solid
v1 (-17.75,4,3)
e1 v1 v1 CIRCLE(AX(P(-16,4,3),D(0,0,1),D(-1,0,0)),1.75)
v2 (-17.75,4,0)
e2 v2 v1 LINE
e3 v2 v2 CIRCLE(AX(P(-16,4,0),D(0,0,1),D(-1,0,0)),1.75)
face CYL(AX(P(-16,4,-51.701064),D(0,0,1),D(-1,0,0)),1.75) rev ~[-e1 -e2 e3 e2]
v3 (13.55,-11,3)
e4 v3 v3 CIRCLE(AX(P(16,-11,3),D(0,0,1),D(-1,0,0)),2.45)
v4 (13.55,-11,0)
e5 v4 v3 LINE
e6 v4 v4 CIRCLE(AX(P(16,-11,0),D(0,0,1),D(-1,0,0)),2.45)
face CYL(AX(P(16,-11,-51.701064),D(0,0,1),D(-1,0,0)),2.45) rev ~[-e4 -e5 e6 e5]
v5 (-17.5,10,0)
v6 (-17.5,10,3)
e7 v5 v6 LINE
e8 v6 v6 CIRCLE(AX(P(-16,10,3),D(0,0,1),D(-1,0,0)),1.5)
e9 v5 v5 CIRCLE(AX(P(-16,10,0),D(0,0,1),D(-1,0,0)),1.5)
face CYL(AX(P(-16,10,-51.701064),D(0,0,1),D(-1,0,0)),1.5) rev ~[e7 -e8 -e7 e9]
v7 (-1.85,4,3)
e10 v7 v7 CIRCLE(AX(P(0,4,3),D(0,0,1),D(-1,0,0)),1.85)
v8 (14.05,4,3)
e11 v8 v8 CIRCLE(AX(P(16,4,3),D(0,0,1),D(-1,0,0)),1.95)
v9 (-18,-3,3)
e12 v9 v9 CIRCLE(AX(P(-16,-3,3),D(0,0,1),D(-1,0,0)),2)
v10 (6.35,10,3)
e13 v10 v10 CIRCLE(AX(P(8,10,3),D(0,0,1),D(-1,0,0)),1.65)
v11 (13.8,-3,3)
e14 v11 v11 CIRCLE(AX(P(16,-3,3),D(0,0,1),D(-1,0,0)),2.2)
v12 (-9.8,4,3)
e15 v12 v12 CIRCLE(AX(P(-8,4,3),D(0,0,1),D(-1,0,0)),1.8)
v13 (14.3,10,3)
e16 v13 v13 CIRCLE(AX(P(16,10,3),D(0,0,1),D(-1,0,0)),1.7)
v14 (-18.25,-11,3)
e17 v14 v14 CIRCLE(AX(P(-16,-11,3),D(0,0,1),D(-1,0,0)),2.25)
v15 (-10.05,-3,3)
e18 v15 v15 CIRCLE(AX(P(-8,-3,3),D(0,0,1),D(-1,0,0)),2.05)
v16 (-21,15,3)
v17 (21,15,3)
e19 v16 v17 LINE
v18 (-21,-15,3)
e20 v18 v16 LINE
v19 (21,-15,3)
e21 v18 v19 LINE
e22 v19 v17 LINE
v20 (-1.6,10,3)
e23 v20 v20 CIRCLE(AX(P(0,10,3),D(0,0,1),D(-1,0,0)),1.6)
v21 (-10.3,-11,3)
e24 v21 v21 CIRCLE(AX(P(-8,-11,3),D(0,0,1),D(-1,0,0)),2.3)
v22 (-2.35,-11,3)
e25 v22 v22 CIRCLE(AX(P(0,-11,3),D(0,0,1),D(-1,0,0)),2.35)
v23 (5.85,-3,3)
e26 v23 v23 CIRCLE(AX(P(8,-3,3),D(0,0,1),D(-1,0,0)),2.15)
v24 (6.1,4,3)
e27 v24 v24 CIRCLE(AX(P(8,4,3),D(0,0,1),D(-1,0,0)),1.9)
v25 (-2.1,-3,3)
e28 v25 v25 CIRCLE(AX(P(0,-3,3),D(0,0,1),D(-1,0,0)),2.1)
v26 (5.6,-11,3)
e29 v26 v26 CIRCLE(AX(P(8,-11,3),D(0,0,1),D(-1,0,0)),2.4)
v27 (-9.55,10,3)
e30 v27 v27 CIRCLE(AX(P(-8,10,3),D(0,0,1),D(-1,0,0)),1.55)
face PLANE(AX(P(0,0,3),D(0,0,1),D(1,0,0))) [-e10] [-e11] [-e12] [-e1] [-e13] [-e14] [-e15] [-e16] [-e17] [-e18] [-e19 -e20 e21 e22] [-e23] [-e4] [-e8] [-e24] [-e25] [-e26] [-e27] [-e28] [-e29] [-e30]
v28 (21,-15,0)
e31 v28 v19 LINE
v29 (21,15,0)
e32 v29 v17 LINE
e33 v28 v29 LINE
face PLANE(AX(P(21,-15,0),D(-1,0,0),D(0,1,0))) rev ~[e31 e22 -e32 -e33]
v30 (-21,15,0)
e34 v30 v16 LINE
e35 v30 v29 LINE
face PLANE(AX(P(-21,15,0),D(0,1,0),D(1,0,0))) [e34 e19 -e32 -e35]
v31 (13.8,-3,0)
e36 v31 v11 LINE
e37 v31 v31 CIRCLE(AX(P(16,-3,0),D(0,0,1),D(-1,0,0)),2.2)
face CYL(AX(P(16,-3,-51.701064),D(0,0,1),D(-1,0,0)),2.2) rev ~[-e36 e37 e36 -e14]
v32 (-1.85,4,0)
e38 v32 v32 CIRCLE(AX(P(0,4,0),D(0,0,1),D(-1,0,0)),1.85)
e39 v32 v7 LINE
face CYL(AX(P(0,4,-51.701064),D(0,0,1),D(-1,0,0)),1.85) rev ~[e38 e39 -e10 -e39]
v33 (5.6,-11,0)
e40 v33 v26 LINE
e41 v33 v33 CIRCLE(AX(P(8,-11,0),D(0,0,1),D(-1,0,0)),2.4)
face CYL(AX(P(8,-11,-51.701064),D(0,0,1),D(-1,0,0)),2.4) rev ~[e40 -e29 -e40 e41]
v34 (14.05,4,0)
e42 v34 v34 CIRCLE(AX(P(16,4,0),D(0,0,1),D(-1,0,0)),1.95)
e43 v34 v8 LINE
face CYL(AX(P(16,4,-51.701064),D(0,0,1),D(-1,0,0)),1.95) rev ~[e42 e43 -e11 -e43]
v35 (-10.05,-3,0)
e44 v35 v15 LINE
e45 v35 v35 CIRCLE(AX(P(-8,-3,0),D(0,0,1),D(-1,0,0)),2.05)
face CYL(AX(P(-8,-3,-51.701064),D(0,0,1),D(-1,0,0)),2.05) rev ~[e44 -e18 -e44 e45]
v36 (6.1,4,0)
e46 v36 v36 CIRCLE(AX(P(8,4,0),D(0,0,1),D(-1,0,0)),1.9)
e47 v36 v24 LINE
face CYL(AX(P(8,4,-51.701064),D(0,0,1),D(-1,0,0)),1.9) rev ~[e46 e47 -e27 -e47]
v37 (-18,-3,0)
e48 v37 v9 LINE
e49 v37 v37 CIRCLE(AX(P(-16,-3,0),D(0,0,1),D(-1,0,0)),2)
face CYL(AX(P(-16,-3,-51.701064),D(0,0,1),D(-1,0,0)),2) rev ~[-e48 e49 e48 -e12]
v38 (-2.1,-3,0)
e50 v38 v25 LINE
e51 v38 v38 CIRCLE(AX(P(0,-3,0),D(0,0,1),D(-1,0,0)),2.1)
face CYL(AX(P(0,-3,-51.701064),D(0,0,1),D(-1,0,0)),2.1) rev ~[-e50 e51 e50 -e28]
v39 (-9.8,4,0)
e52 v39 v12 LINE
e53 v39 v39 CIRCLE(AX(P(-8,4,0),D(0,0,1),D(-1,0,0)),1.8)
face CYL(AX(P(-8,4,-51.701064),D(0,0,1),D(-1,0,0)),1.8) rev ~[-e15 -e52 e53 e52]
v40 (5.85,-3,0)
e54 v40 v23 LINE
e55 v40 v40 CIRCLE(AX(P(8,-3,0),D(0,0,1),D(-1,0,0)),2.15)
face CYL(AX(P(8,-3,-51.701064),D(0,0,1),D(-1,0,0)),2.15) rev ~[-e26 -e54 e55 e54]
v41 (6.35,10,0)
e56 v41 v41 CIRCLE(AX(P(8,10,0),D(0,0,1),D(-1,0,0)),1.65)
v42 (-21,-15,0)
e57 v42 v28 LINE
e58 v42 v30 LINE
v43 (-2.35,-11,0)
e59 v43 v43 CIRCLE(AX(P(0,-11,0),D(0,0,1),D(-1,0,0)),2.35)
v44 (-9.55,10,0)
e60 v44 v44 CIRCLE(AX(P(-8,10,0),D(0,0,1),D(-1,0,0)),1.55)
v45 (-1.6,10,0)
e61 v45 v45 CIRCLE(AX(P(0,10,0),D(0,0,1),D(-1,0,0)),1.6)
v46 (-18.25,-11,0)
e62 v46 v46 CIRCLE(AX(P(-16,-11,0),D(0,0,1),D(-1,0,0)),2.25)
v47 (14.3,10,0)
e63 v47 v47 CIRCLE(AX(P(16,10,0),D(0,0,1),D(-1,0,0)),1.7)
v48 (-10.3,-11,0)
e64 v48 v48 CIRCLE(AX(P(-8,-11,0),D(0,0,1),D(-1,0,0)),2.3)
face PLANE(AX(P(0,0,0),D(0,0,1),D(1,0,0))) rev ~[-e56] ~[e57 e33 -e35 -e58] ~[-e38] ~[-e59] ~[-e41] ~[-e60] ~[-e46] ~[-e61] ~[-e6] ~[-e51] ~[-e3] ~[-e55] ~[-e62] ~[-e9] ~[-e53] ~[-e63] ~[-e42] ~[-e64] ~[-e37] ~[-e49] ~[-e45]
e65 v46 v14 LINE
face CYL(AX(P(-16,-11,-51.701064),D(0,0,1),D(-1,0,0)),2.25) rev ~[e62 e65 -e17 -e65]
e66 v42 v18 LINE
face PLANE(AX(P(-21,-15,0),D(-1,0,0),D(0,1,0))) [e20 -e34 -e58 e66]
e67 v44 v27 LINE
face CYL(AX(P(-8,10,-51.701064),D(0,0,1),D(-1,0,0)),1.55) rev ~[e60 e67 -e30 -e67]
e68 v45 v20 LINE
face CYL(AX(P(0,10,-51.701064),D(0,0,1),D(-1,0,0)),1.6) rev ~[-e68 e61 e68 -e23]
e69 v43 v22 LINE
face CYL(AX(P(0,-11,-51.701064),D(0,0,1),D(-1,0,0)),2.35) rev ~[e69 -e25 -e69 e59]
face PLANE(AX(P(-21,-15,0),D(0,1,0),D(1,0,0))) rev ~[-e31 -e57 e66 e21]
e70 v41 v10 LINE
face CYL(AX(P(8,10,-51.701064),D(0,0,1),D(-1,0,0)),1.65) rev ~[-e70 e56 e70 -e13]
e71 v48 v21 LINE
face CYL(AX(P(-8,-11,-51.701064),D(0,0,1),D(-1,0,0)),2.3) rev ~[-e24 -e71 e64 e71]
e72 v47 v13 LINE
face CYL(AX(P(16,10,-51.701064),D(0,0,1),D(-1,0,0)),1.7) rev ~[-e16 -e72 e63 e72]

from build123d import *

# Parameters (mm, degrees)
F0_W     = 42
F0_H     = 30
F1_DEPTH = 3
F2_D     = 3
F3_D     = 3.1
F4_D     = 3.2
F5_D     = 3.3
F6_D     = 3.4
F7_D     = 3.5
F8_D     = 3.6
F9_D     = 3.7
F10_D    = 3.8
F11_D    = 3.9
F12_D    = 4
F13_D    = 4.1
F14_D    = 4.2
F15_D    = 4.3
F16_D    = 4.4
F17_D    = 4.5
F18_D    = 4.6
F19_D    = 4.7
F20_D    = 4.8
F21_D    = 4.9


with BuildPart() as f1:
    # F0 (on Top) → F1 (new body)
    with BuildSketch(Plane.XY):
        Rectangle(F0_W, F0_H)
    extrude(amount=F1_DEPTH)

    # F2 (through all)
    with Locations(Plane(origin=(0, 0, 0), x_dir=(1, 0, 0), z_dir=(0, 0, -1))):
        with Locations((-16, -10)):
            Hole(F2_D / 2)

    # F3 (through all)
    with Locations(Plane(origin=(0, 0, 0), x_dir=(1, 0, 0), z_dir=(0, 0, -1))):
        with Locations((-8, -10)):
            Hole(F3_D / 2)

    # F4 (through all)
    with Locations(Plane(origin=(0, 0, 0), x_dir=(1, 0, 0), z_dir=(0, 0, -1))):
        with Locations((0, -10)):
            Hole(F4_D / 2)

    # F5 (through all)
    with Locations(Plane(origin=(0, 0, 0), x_dir=(1, 0, 0), z_dir=(0, 0, -1))):
        with Locations((8, -10)):
            Hole(F5_D / 2)

    # F6 (through all)
    with Locations(Plane(origin=(0, 0, 0), x_dir=(1, 0, 0), z_dir=(0, 0, -1))):
        with Locations((16, -10)):
            Hole(F6_D / 2)

    # F7 (through all)
    with Locations(Plane(origin=(0, 0, 0), x_dir=(1, 0, 0), z_dir=(0, 0, -1))):
        with Locations((-16, -4)):
            Hole(F7_D / 2)

    # F8 (through all)
    with Locations(Plane(origin=(0, 0, 0), x_dir=(1, 0, 0), z_dir=(0, 0, -1))):
        with Locations((-8, -4)):
            Hole(F8_D / 2)

    # F9 (through all)
    with Locations(Plane(origin=(0, 0, 0), x_dir=(1, 0, 0), z_dir=(0, 0, -1))):
        with Locations((0, -4)):
            Hole(F9_D / 2)

    # F10 (through all)
    with Locations(Plane(origin=(0, 0, 0), x_dir=(1, 0, 0), z_dir=(0, 0, -1))):
        with Locations((8, -4)):
            Hole(F10_D / 2)

    # F11 (through all)
    with Locations(Plane(origin=(0, 0, 0), x_dir=(1, 0, 0), z_dir=(0, 0, -1))):
        with Locations((16, -4)):
            Hole(F11_D / 2)

    # F12 (through all)
    with Locations(Plane(origin=(0, 0, 0), x_dir=(1, 0, 0), z_dir=(0, 0, -1))):
        with Locations((-16, 3)):
            Hole(F12_D / 2)

    # F13 (through all)
    with Locations(Plane(origin=(0, 0, 0), x_dir=(1, 0, 0), z_dir=(0, 0, -1))):
        with Locations((-8, 3)):
            Hole(F13_D / 2)

    # F14 (through all)
    with Locations(Plane(origin=(0, 0, 0), x_dir=(1, 0, 0), z_dir=(0, 0, -1))):
        with Locations((0, 3)):
            Hole(F14_D / 2)

    # F15 (through all)
    with Locations(Plane(origin=(0, 0, 0), x_dir=(1, 0, 0), z_dir=(0, 0, -1))):
        with Locations((8, 3)):
            Hole(F15_D / 2)

    # F16 (through all)
    with Locations(Plane(origin=(0, 0, 0), x_dir=(1, 0, 0), z_dir=(0, 0, -1))):
        with Locations((16, 3)):
            Hole(F16_D / 2)

    # F17 (through all)
    with Locations(Plane(origin=(0, 0, 0), x_dir=(1, 0, 0), z_dir=(0, 0, -1))):
        with Locations((-16, 11)):
            Hole(F17_D / 2)

    # F18 (through all)
    with Locations(Plane(origin=(0, 0, 0), x_dir=(1, 0, 0), z_dir=(0, 0, -1))):
        with Locations((-8, 11)):
            Hole(F18_D / 2)

    # F19 (through all)
    with Locations(Plane(origin=(0, 0, 0), x_dir=(1, 0, 0), z_dir=(0, 0, -1))):
        with Locations((0, 11)):
            Hole(F19_D / 2)

    # F20 (through all)
    with Locations(Plane(origin=(0, 0, 0), x_dir=(1, 0, 0), z_dir=(0, 0, -1))):
        with Locations((8, 11)):
            Hole(F20_D / 2)

    # F21 (through all)
    with Locations(Plane(origin=(0, 0, 0), x_dir=(1, 0, 0), z_dir=(0, 0, -1))):
        with Locations((16, 11)):
            Hole(F21_D / 2)


solid = f1.part
